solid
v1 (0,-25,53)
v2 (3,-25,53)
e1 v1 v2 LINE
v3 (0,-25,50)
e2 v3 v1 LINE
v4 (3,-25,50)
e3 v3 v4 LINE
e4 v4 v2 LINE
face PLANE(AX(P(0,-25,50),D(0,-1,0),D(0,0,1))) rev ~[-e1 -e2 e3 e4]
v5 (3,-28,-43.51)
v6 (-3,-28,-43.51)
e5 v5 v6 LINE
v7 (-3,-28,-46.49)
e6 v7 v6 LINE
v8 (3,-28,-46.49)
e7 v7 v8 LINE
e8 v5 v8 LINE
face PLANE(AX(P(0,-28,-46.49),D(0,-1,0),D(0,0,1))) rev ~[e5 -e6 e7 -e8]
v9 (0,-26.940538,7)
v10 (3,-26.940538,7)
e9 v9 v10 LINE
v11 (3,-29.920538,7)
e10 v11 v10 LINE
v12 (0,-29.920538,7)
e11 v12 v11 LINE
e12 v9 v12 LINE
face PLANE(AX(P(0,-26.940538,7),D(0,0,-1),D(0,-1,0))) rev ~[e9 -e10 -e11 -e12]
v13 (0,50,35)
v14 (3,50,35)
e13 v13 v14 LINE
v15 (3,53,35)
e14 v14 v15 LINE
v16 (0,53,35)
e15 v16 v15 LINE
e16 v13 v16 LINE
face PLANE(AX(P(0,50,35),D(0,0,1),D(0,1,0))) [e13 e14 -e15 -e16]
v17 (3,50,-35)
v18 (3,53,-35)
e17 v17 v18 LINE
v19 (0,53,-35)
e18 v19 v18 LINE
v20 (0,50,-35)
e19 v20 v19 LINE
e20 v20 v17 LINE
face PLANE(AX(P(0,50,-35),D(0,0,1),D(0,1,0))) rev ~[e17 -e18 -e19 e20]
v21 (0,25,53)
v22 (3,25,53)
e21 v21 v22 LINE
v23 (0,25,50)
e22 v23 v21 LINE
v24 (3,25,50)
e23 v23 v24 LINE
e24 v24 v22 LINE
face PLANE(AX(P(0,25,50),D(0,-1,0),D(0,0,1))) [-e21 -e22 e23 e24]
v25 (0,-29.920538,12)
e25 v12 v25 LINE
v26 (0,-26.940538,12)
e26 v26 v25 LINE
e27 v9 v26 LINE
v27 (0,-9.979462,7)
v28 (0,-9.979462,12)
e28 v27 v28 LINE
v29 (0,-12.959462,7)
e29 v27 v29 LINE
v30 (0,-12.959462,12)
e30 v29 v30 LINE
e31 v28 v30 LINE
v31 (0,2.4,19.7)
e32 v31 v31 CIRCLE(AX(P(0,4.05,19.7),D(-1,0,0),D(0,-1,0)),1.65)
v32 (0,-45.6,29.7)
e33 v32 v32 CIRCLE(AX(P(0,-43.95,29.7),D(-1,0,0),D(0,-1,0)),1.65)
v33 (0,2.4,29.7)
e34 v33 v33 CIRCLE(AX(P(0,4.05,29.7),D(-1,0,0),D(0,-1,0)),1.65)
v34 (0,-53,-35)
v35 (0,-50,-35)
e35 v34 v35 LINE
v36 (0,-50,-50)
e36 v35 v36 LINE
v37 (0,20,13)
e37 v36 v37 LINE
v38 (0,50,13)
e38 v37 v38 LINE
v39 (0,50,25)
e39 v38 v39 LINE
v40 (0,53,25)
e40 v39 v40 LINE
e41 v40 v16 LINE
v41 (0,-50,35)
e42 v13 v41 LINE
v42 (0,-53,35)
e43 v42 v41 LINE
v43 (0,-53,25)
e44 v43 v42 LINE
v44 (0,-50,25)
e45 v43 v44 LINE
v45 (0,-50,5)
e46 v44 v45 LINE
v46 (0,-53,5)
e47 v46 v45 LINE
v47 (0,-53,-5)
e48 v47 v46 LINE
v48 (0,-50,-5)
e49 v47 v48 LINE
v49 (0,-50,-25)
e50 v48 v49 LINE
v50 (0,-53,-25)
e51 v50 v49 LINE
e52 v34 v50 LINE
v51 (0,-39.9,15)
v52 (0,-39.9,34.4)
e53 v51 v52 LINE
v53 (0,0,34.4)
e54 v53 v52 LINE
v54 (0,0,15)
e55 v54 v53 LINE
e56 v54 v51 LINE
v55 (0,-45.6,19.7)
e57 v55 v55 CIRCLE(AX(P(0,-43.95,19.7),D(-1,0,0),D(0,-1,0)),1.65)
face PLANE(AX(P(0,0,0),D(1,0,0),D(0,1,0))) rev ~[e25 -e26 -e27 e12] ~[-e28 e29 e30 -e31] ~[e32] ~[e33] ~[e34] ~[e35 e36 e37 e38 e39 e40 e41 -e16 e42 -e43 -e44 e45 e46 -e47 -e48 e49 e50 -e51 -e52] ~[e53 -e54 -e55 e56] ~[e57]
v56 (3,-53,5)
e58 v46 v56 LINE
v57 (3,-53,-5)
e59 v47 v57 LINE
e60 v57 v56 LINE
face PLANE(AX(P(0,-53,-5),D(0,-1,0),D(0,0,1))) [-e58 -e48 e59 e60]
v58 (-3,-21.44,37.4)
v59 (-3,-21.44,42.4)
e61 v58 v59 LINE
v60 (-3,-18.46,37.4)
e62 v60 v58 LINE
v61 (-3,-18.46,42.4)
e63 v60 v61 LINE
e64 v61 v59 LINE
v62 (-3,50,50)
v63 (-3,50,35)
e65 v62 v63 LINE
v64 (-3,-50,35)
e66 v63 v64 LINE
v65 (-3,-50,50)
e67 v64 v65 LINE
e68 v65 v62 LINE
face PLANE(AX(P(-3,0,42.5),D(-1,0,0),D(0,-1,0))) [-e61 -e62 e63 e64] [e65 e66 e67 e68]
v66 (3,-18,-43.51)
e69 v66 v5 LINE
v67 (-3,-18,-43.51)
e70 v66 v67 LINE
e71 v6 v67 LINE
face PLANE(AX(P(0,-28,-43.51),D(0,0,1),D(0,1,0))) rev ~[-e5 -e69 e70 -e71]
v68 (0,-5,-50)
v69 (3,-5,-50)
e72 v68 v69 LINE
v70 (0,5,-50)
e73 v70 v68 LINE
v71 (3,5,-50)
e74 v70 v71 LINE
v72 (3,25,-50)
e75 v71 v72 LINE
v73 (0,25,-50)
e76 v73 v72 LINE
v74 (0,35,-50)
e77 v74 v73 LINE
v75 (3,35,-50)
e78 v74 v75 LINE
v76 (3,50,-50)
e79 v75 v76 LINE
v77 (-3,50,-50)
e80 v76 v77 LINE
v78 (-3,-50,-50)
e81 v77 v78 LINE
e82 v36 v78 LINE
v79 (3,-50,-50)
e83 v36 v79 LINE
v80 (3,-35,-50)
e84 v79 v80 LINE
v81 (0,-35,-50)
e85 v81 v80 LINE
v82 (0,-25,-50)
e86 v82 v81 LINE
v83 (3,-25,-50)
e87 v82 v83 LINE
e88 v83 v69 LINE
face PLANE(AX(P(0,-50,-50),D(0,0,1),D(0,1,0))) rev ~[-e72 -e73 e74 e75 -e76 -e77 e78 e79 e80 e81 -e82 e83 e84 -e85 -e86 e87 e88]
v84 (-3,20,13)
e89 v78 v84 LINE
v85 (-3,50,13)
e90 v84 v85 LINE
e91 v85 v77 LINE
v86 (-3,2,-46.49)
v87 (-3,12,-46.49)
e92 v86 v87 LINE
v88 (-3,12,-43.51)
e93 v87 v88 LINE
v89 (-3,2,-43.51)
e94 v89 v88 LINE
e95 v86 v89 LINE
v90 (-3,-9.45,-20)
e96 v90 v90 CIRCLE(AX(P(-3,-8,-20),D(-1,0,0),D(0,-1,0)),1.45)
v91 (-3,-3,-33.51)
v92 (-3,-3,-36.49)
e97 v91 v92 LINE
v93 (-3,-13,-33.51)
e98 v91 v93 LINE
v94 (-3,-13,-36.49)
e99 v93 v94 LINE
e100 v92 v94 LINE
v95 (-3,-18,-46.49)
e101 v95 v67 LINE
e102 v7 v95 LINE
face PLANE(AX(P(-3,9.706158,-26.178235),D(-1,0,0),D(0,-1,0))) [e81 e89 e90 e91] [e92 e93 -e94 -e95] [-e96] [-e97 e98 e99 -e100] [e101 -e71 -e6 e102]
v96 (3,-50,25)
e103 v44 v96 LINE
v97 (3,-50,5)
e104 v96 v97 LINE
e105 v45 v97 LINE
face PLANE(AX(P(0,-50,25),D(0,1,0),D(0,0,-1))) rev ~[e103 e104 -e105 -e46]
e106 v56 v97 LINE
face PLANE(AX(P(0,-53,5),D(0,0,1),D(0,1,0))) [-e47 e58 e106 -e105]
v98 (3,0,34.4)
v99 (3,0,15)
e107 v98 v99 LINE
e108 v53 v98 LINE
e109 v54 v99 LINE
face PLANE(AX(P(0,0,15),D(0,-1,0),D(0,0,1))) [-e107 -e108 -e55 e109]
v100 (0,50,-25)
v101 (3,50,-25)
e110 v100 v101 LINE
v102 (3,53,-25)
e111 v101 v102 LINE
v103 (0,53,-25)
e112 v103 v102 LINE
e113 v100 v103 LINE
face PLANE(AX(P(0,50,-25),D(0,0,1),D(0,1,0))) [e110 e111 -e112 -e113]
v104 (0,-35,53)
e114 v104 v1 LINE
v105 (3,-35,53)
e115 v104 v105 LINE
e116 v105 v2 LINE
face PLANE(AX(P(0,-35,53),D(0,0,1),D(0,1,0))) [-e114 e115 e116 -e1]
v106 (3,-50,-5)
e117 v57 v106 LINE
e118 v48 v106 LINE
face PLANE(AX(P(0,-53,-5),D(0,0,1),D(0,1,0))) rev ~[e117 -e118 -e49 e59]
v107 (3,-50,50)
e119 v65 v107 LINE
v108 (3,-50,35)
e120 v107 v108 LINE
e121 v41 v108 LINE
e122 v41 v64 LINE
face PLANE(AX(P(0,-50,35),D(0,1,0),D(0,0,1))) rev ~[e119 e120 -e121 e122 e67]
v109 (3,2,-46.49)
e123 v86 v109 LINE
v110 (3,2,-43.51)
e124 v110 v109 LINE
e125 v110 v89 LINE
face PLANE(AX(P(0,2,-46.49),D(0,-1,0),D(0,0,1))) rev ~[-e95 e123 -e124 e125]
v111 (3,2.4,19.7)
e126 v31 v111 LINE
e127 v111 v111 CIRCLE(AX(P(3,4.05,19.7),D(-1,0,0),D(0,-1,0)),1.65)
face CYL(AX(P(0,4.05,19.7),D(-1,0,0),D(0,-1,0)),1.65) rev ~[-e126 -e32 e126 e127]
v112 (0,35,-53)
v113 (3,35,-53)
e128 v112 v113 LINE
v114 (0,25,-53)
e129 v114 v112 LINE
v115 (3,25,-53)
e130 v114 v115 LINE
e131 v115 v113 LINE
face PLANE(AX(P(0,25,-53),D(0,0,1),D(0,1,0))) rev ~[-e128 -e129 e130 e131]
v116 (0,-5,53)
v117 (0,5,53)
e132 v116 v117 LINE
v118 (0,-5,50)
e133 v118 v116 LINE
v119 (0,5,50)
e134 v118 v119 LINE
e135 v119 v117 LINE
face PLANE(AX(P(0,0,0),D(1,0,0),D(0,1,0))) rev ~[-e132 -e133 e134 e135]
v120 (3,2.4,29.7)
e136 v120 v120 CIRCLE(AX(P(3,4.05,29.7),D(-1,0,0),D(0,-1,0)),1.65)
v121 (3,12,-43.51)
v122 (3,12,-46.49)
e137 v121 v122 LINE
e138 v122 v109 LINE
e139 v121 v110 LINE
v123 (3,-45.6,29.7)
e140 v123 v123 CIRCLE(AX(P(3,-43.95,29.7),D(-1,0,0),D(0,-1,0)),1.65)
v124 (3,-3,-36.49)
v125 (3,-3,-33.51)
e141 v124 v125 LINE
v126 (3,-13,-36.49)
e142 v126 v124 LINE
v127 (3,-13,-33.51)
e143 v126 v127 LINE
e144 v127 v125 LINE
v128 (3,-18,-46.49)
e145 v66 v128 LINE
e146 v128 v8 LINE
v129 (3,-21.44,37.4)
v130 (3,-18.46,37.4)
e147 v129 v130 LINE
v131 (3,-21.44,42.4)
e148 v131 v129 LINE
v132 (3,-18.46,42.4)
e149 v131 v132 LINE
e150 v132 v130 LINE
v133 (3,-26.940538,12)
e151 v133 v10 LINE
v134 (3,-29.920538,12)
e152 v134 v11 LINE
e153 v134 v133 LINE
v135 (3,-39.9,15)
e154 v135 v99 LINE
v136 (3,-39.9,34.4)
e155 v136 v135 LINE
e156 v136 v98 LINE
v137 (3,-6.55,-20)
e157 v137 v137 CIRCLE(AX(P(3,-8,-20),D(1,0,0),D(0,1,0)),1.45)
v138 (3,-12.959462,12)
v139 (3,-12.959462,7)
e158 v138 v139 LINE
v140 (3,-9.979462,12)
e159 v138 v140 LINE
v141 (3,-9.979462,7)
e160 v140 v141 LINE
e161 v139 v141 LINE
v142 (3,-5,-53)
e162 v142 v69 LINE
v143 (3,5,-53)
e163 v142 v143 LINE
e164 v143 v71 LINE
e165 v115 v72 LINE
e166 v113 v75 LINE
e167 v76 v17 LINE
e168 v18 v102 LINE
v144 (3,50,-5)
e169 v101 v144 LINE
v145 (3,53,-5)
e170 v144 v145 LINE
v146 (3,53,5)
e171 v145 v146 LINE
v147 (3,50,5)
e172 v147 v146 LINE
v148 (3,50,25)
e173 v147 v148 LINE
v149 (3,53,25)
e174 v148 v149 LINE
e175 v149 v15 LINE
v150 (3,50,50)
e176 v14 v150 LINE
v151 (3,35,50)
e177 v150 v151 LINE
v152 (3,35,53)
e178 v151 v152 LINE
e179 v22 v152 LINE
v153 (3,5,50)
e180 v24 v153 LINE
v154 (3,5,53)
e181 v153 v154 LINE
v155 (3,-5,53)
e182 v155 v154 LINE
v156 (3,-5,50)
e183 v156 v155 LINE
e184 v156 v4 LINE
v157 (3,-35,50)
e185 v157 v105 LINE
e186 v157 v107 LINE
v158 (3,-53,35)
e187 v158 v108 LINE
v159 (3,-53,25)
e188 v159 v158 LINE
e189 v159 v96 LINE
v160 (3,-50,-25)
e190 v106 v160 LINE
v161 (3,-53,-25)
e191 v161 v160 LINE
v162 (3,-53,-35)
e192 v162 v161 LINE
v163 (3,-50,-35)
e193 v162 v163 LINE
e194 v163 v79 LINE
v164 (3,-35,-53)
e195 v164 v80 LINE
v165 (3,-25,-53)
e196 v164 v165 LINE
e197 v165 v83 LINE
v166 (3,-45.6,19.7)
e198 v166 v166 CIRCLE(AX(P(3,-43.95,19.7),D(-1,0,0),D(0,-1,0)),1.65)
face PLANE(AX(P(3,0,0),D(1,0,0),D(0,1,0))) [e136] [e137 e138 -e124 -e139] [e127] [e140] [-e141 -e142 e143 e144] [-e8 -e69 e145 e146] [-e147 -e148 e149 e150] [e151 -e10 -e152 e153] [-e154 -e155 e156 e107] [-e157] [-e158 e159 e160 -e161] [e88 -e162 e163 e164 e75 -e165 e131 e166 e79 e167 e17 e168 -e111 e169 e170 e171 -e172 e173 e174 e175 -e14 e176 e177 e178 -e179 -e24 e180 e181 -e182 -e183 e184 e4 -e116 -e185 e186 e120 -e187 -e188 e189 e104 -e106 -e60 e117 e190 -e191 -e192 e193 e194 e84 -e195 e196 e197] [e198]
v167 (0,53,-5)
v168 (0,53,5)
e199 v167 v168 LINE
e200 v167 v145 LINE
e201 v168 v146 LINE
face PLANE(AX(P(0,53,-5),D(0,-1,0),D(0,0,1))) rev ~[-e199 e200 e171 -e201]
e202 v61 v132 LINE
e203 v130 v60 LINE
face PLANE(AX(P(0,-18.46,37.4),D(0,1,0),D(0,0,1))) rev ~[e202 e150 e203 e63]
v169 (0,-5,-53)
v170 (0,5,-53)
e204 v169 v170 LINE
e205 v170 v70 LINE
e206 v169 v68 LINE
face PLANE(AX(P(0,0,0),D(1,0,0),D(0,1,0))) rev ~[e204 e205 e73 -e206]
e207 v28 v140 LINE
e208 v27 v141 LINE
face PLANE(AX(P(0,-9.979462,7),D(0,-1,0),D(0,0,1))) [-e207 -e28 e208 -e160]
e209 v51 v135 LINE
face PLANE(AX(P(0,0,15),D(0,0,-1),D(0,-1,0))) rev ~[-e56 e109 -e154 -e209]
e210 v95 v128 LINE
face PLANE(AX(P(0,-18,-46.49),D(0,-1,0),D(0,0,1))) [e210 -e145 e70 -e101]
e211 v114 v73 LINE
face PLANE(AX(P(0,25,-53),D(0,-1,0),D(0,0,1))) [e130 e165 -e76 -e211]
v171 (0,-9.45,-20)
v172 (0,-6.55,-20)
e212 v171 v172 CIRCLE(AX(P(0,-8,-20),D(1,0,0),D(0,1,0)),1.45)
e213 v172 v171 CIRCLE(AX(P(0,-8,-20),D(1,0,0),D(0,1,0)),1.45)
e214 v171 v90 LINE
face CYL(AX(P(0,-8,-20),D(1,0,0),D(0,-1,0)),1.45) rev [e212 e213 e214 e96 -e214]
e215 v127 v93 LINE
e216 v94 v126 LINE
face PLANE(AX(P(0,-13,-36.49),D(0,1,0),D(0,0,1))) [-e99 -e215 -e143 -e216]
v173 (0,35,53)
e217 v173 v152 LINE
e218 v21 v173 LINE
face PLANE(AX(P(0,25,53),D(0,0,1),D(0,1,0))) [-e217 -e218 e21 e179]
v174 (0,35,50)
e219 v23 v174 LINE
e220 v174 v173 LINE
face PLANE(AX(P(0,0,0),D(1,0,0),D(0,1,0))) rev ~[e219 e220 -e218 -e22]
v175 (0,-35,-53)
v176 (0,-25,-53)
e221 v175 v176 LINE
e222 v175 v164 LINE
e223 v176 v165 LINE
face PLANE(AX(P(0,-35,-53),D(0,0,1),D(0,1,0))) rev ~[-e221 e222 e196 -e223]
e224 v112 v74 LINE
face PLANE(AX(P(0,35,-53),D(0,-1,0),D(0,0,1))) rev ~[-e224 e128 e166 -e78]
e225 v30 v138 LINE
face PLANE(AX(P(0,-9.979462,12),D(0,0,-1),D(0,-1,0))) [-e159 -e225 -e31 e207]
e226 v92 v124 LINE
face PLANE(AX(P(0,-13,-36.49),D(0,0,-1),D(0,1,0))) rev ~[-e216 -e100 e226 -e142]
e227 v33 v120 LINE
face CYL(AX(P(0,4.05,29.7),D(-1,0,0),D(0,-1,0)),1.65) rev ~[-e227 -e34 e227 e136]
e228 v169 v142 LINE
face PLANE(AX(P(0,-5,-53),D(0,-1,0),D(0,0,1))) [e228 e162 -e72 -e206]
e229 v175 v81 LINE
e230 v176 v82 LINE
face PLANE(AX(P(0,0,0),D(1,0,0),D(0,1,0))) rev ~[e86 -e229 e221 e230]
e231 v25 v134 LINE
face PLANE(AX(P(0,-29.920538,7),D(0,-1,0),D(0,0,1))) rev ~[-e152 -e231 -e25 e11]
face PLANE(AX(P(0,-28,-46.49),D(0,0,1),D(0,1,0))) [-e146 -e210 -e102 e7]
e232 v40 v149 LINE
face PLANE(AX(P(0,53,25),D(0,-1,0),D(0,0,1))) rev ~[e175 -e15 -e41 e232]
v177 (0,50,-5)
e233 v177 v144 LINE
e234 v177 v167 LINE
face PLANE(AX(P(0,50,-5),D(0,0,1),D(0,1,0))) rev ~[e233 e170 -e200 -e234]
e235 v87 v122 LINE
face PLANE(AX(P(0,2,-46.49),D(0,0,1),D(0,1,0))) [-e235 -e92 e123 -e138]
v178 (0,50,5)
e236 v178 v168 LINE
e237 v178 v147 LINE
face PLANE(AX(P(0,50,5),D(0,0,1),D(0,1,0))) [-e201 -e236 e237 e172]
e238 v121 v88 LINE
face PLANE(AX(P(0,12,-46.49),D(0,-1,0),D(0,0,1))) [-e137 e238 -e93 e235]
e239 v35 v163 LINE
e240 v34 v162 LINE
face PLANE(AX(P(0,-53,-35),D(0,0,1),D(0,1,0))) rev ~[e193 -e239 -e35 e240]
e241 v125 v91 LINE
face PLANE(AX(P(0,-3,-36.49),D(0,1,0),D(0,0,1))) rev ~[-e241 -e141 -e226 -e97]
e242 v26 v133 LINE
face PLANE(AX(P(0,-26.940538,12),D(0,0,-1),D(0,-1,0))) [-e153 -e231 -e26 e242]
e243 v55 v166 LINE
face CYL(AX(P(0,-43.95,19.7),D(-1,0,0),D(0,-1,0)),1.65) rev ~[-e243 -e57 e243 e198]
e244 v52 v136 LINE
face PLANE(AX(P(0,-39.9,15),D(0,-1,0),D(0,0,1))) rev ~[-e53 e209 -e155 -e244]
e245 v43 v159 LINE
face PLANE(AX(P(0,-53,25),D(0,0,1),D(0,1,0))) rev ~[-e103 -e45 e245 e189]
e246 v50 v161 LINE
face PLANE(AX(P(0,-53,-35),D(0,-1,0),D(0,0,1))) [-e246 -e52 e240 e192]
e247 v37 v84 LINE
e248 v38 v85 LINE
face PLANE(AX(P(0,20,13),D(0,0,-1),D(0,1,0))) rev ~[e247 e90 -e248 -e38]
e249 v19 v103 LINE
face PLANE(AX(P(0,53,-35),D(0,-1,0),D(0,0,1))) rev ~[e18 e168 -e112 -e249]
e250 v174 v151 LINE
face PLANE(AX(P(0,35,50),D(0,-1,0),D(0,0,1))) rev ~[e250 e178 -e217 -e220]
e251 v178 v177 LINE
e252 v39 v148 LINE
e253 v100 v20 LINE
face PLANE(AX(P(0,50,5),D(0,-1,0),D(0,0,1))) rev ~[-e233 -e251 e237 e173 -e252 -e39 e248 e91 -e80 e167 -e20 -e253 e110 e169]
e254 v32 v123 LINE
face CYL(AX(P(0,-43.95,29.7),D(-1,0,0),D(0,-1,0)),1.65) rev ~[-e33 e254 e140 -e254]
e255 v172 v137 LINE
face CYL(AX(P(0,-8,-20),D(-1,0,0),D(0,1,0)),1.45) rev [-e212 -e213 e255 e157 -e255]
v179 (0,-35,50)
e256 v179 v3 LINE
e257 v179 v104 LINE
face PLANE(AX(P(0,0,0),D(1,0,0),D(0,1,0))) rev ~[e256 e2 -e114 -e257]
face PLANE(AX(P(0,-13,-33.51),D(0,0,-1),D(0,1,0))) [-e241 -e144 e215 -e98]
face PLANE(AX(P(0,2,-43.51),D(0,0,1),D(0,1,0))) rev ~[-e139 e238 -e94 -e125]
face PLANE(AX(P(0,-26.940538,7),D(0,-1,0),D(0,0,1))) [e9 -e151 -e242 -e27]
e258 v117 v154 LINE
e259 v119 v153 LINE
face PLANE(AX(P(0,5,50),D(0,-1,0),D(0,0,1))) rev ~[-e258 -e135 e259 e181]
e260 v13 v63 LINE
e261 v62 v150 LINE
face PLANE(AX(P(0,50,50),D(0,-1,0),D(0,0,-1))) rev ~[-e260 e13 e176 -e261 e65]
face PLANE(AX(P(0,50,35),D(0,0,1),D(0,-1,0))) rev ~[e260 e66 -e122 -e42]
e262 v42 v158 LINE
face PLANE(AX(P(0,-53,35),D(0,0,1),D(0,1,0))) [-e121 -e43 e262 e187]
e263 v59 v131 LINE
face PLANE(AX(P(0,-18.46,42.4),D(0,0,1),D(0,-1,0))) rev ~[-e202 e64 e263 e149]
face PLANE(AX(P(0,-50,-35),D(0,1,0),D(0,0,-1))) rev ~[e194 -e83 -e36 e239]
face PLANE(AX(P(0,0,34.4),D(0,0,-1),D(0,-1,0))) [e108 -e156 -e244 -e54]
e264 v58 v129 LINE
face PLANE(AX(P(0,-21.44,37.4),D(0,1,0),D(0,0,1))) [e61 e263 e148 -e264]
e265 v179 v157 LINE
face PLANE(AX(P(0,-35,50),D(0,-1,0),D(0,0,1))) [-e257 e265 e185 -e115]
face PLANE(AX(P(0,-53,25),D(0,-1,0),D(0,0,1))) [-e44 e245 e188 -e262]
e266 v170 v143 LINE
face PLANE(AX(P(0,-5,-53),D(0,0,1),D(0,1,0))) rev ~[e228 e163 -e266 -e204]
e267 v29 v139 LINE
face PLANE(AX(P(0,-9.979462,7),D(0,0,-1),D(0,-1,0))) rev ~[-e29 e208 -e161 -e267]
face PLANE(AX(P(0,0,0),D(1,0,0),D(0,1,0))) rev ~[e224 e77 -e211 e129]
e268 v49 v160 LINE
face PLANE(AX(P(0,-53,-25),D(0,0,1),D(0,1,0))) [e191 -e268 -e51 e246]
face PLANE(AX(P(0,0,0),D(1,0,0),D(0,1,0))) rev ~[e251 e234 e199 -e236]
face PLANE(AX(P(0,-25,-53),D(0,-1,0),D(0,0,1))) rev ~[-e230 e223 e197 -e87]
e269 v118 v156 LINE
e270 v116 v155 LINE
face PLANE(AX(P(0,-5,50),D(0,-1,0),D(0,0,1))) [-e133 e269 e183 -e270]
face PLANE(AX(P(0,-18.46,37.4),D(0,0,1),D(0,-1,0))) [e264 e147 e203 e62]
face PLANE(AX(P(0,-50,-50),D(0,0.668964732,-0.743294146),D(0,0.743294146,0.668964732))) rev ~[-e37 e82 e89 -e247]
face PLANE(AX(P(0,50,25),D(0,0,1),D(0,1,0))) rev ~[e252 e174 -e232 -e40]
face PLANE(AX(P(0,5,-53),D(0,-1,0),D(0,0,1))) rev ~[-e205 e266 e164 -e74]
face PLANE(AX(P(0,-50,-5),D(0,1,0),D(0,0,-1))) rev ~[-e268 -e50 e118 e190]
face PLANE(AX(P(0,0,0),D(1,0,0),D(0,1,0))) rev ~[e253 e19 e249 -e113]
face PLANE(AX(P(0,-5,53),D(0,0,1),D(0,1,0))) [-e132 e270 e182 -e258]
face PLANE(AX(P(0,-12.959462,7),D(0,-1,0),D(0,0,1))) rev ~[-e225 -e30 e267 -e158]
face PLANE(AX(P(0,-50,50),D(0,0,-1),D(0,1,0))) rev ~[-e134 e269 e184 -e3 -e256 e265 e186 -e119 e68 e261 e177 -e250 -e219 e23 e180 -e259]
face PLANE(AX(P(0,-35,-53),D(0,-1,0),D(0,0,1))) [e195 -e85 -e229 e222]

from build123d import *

# Parameters (mm, degrees)
F0_R     = 1.45
F0_W     = 10
F0_H     = 3
F0_W_2   = 3
F0_H_2   = 10
F1_DEPTH = 3
F2_R     = 1.65
F2_W     = 2.98
F2_H     = 5
F2_W_2   = 39.9
F2_H_2   = 19.4
F3_DEPTH = 25
F2_R_2   = 1.45
F4_DEPTH = 3
F5_W     = 10
F5_H     = 2.98
F6_DEPTH = 12.5


with BuildPart() as f1:
    # F0 (on Right) → F1 (new body)
    with BuildSketch(Plane.YZ):
        Polygon((-35, 50), (-50, 50), (-50, 35), (-47, 35), (-47, 25), (-50, 25), (-50, 5), (-47, 5), (-47, -5), (-50, -5), (-50, -25), (-47, -25), (-47, -35), (-50, -35), (-50, -50), (-35, -50), (-35, -47), (-25, -47), (-25, -50), (-5, -50), (-5, -47), (5, -47), (5, -50), (25, -50), (25, -47), (35, -47), (35, -50), (50, -50), (50, -35), (47, -35), (47, -25), (50, -25), (50, -5), (47, -5), (47, 5), (50, 5), (50, 25), (47, 25), (47, 35), (50, 35), (50, 50), (35, 50), (35, 47), (25, 47), (25, 50), (5, 50), (5, 47), (-5, 47), (-5, 50), (-25, 50), (-25, 47), (-35, 47), align=None)
        with Locations((-8, -20)):
            Circle(F0_R, mode=Mode.SUBTRACT)
        with Locations((-30, 51.5)):
            Rectangle(F0_W, F0_H)
        with Locations((-30, 48.5)):
            Rectangle(F0_W, F0_H)
        with Locations((-48.5, 30)):
            Rectangle(F0_W_2, F0_H_2)
        with Locations((-51.5, 30)):
            Rectangle(F0_W_2, F0_H_2)
        with Locations((0, 51.5)):
            Rectangle(F0_W, F0_H)
        with Locations((0, 48.5)):
            Rectangle(F0_W, F0_H)
        with Locations((-48.5, 0)):
            Rectangle(F0_W_2, F0_H_2)
        with Locations((-51.5, 0)):
            Rectangle(F0_W_2, F0_H_2)
        with Locations((30, 51.5)):
            Rectangle(F0_W, F0_H)
        with Locations((30, 48.5)):
            Rectangle(F0_W, F0_H)
        with Locations((-48.5, -30)):
            Rectangle(F0_W_2, F0_H_2)
        with Locations((-51.5, -30)):
            Rectangle(F0_W_2, F0_H_2)
        with Locations((51.5, 30)):
            Rectangle(F0_W_2, F0_H_2)
        with Locations((48.5, 30)):
            Rectangle(F0_W_2, F0_H_2)
        with Locations((-30, -48.5)):
            Rectangle(F0_W, F0_H)
        with Locations((-30, -51.5)):
            Rectangle(F0_W, F0_H)
        with Locations((51.5, 0)):
            Rectangle(F0_W_2, F0_H_2)
        with Locations((48.5, 0)):
            Rectangle(F0_W_2, F0_H_2)
        with Locations((0, -48.5)):
            Rectangle(F0_W, F0_H)
        with Locations((0, -51.5)):
            Rectangle(F0_W, F0_H)
        with Locations((51.5, -30)):
            Rectangle(F0_W_2, F0_H_2)
        with Locations((48.5, -30)):
            Rectangle(F0_W_2, F0_H_2)
        with Locations((30, -48.5)):
            Rectangle(F0_W, F0_H)
        with Locations((30, -51.5)):
            Rectangle(F0_W, F0_H)
    extrude(amount=F1_DEPTH)

    # F2 (on face) → F3 (cut)
    with BuildSketch(Plane(origin=(0, 0, 0), x_dir=(0, -1, 0), z_dir=(-1, 0, 0))):
        with Locations((-4.05, 29.7)):
            Circle(F2_R)
        with Locations((-4.05, 19.7)):
            Circle(F2_R)
        with Locations((43.95, 29.7)):
            Circle(F2_R)
        with Locations((43.95, 19.7)):
            Circle(F2_R)
        with Locations((11.4694618905, 9.5)):
            Rectangle(F2_W, F2_H)
        with Locations((28.4305381095, 9.5)):
            Rectangle(F2_W, F2_H)
        with Locations((19.95, 24.7)):
            Rectangle(F2_W_2, F2_H_2)
        with Locations((19.95, 39.9)):
            Rectangle(F2_W, F2_H)
    extrude(amount=-F3_DEPTH, mode=Mode.SUBTRACT)

    # F2 (on face) → F4 (join)
    with BuildSketch(Plane(origin=(0, 0, 0), x_dir=(0, -1, 0), z_dir=(-1, 0, 0))):
        Polygon((-50, 50), (-50, 35), (50, 35), (50, 50), (35, 50), (25, 50), (5, 50), (-5, 50), (-25, 50), (-35, 50), align=None)
        with Locations((19.95, 39.9)):
            Rectangle(F2_W, F2_H, mode=Mode.SUBTRACT)
        Polygon((-50, -35), (-50, -50), (-35, -50), (-25, -50), (-5, -50), (5, -50), (25, -50), (35, -50), (50, -50), (-20, 13), (-50, 13), (-50, 5), (-50, -5), (-50, -25), align=None)
        with Locations((8, -20)):
            Circle(F2_R_2, mode=Mode.SUBTRACT)
    extrude(amount=F4_DEPTH)

    # F5 (on Right) → F6 (cut, symmetric)
    with BuildSketch(Plane.YZ):
        with Locations((7, -45)):
            Rectangle(F5_W, F5_H)
        with Locations((-23, -45)):
            Rectangle(F5_W, F5_H)
        with Locations((-8, -35)):
            Rectangle(F5_W, F5_H)
    extrude(amount=F6_DEPTH, both=True, mode=Mode.SUBTRACT)


solid = f1.part
